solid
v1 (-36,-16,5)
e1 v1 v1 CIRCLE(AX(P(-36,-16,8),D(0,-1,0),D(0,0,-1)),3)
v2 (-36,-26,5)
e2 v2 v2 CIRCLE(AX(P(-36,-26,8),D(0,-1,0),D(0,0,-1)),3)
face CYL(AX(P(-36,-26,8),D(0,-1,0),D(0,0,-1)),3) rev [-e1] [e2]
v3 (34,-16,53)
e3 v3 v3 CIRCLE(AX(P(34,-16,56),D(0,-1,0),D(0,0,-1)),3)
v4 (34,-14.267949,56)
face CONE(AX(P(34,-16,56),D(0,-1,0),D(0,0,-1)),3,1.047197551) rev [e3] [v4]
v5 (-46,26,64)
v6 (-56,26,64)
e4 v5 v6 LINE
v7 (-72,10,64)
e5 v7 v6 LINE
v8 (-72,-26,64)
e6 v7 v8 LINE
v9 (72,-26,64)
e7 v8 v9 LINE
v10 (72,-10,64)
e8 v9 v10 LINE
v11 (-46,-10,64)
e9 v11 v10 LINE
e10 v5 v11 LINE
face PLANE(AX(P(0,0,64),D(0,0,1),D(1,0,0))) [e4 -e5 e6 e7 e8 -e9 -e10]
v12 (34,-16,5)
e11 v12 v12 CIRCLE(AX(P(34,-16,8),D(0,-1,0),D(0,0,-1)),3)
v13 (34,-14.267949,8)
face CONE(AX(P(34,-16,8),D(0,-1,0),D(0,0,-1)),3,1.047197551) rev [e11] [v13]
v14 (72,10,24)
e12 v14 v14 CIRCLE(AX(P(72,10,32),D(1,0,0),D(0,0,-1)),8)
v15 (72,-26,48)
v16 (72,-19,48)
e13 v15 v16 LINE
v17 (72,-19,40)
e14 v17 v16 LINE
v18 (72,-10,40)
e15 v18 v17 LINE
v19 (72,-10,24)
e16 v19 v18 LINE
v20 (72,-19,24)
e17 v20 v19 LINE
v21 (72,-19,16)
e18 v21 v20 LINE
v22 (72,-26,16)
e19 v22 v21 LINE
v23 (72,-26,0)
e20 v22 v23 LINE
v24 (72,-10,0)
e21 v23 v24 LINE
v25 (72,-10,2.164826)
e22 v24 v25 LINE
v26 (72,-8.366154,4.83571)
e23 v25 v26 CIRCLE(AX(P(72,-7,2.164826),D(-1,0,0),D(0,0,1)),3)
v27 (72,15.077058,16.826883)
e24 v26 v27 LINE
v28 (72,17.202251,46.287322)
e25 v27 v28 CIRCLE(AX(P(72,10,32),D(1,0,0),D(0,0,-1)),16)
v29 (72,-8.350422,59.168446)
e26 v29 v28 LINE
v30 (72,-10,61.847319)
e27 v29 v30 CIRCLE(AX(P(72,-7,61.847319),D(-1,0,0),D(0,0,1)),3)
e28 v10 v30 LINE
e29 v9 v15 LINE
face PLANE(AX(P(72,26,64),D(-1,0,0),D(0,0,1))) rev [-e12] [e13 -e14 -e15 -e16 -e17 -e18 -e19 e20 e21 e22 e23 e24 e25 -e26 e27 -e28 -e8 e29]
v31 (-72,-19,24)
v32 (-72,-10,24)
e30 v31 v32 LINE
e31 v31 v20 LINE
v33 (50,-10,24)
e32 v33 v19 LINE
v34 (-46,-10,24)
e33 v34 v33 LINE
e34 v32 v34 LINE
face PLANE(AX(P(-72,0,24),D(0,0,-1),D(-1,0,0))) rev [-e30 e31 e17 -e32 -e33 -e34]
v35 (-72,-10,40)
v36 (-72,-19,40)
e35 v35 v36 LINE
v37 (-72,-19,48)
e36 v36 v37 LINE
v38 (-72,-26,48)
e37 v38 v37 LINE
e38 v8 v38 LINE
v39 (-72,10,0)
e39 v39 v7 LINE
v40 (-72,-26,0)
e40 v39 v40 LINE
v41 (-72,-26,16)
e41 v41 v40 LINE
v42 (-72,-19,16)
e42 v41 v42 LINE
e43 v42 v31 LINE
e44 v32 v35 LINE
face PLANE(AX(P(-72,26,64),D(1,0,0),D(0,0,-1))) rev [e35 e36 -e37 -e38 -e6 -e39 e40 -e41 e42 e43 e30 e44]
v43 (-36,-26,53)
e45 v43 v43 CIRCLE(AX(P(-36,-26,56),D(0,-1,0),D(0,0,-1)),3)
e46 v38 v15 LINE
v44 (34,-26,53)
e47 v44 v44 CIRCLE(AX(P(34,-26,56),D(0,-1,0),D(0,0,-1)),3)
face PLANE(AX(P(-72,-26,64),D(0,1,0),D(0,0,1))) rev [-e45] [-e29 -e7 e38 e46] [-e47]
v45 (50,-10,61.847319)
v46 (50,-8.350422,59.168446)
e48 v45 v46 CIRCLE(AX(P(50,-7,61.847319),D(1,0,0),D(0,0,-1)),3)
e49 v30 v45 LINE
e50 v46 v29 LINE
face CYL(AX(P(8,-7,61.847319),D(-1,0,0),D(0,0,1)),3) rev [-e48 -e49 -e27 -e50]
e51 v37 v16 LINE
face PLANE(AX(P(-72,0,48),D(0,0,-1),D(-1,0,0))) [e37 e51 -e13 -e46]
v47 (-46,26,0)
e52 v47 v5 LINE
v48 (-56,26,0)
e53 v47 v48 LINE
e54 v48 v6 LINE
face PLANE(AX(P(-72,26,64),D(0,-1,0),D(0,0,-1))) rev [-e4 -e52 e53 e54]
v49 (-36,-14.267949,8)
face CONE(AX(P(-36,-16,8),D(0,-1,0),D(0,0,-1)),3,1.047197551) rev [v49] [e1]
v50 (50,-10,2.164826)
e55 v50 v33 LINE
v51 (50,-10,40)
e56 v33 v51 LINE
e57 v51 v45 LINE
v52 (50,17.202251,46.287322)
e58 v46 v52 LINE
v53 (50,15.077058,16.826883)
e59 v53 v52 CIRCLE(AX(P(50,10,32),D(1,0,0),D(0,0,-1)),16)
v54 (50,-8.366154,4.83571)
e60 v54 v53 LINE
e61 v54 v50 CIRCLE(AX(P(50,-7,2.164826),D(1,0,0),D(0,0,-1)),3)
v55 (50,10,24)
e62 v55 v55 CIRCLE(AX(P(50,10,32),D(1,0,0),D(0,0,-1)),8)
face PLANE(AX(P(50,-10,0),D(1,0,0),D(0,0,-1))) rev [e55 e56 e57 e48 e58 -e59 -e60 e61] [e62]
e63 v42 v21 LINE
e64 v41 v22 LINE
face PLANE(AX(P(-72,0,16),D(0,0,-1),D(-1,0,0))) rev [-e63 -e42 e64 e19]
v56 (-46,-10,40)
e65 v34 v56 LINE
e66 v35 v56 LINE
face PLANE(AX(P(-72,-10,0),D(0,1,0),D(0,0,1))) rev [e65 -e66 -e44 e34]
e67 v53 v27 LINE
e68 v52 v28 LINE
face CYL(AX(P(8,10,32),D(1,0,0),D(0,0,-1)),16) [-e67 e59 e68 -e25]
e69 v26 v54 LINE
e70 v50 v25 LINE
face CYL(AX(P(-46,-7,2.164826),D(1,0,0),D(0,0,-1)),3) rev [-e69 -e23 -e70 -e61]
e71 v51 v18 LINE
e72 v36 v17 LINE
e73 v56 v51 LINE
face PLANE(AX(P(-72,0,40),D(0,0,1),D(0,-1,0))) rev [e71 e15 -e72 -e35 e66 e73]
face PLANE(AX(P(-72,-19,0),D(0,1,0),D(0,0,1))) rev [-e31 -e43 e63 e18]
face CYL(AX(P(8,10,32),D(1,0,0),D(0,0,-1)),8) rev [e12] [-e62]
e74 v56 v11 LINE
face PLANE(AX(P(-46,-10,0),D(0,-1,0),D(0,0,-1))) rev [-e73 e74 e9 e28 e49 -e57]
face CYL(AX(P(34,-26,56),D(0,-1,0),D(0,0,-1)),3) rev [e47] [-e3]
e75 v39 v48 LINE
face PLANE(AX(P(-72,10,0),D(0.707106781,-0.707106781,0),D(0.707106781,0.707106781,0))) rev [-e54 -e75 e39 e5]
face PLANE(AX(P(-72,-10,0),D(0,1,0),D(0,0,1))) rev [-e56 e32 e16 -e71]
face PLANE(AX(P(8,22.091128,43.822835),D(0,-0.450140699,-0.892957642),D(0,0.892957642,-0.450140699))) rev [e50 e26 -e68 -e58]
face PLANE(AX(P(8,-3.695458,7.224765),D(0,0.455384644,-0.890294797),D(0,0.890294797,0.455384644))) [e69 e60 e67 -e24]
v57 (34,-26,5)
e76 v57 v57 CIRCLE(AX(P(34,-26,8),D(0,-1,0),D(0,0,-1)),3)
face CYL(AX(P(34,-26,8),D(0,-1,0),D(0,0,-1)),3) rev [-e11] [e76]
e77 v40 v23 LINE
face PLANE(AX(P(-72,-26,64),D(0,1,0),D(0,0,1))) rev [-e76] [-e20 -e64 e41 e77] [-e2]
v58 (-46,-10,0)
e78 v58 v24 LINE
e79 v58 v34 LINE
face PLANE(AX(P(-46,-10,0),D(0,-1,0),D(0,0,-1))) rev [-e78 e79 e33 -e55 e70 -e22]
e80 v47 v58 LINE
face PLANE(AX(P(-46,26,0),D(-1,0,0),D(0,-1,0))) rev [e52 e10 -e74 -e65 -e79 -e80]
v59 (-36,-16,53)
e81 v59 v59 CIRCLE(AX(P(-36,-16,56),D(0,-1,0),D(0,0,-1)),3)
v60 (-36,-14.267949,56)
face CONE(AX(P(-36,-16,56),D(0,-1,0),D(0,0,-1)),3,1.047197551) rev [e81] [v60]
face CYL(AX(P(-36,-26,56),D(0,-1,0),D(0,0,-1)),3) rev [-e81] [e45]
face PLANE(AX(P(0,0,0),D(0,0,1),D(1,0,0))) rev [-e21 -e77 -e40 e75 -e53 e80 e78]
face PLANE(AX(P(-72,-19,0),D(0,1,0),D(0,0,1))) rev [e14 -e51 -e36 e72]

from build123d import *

# Parameters (mm, degrees)
SKETCH2_W                 = 144
SKETCH2_H                 = 52
BOSS_EXTRUDE2_DEPTH       = 64
SKETCH3_W                 = 96
SKETCH3_H                 = 36
CUT_EXTRUDE1_DEPTH        = 64
SKETCH6_R                 = 8
CUT_EXTRUDE5_DEPTH        = 64
CUT_EXTRUDE7_DEPTH        = 160.712241234
CUT_EXTRUDE8_DEPTH        = 100.779757466
FILLET1_R                 = 3
F_1_0MM_DOWEL_HOLE1_D     = 6
F_1_0MM_DOWEL_HOLE1_DEPTH = 10
F_1_0MM_DOWEL_HOLE1_TIP   = 1.732050808
F_1_0MM_DOWEL_HOLE2_D     = 6
F_1_0MM_DOWEL_HOLE2_DEPTH = 10
F_1_0MM_DOWEL_HOLE2_TIP   = 1.732050808


with BuildPart() as part:
    # Sketch2 → Boss-Extrude2 (new body)
    with BuildSketch(Plane.XY):
        Rectangle(SKETCH2_W, SKETCH2_H)
    extrude(amount=BOSS_EXTRUDE2_DEPTH)

    # Sketch3 → Cut-Extrude1 (cut)
    with BuildSketch(Plane.XY.offset(64)):
        with Locations((2, 8)):
            Rectangle(SKETCH3_W, SKETCH3_H)
    extrude(amount=-CUT_EXTRUDE1_DEPTH, mode=Mode.SUBTRACT)

    # Sketch6 → Cut-Extrude5 (cut)
    with BuildSketch(Plane(origin=(72, 0, 0), x_dir=(0, 0, -1), z_dir=(1, 0, 0))):
        Polygon((-64, 26), (-64, -10), (-60, -10), (-46.287322277, 17.202251187), (-41.852369694, 26), align=None)
        with BuildLine():
            Line((0, 26), (-22.4139537, 26))
            Line((-22.4139537, 26), (-19.003189987, 19.331823481))
            ThreePointArc((-19.003189987, 19.331823481), (-17.755283243, 17.286154301), (-16.826882915, 15.077058))
            Line((-16.826882915, 15.077058), (-4, -10))
            Line((-4, -10), (0, -10))
            Line((0, -10), (0, 26))
        make_face()
        with BuildLine():
            Line((-22.4139537, 26), (-32, 26))
            ThreePointArc((-32, 26), (-24.696205633, 24.235680098), (-19.003189987, 19.331823481))
            Line((-19.003189987, 19.331823481), (-22.4139537, 26))
        make_face()
        with BuildLine():
            Line((-41.852369694, 26), (-46.287322277, 17.202251187))
            ThreePointArc((-46.287322277, 17.202251187), (-40.389397505, 23.624170048), (-32, 26))
            Line((-32, 26), (-41.852369694, 26))
        make_face()
        with Locations((-32, 10)):
            Circle(SKETCH6_R)
    extrude(amount=-CUT_EXTRUDE5_DEPTH, mode=Mode.SUBTRACT)

    # Sketch7 → Cut-Extrude7 (cut, through all)
    with BuildSketch(Plane(origin=(72, 0, 0), x_dir=(0, 0, -1), z_dir=(1, 0, 0))):
        Polygon((-40, -10), (-40, -19), (-32, -19), (-24, -19), (-24, -10), align=None)
        Polygon((-48, -19), (-48, -26), (-16, -26), (-16, -19), (-24, -19), (-32, -19), (-40, -19), align=None)
    extrude(amount=-CUT_EXTRUDE7_DEPTH, mode=Mode.SUBTRACT)

    # Sketch8 → Cut-Extrude8 (cut, through all)
    with BuildSketch(Plane.XY.offset(64)):
        Polygon((-72, 26), (-56, 26), (-72, 10), align=None)
    extrude(amount=-CUT_EXTRUDE8_DEPTH, mode=Mode.SUBTRACT)

    # Fillet1
    fillet1_edges = [part.edges().sort_by_distance(p)[0] for p in [
        (61, -10, 4),
        (61, -10, 60),
    ]]
    fillet(fillet1_edges, radius=FILLET1_R)

    # Ø1.0mm Dowel Hole1
    with Locations(Plane(origin=(-36, -26, 56), x_dir=(0, 0, -1), z_dir=(0, -1, 0))):
        with Locations((0, 0), (0, 70)):
            Hole(F_1_0MM_DOWEL_HOLE1_D / 2, depth=F_1_0MM_DOWEL_HOLE1_DEPTH)
            with Locations((0, 0, -(F_1_0MM_DOWEL_HOLE1_DEPTH + F_1_0MM_DOWEL_HOLE1_TIP / 2))):  # 120° drill point
                Cone(0, F_1_0MM_DOWEL_HOLE1_D / 2, F_1_0MM_DOWEL_HOLE1_TIP, mode=Mode.SUBTRACT)

    # Ø1.0mm Dowel Hole2
    with Locations(Plane(origin=(-36, -26, 8), x_dir=(0, 0, -1), z_dir=(0, -1, 0))):
        with Locations((0, 0), (0, 70)):
            Hole(F_1_0MM_DOWEL_HOLE2_D / 2, depth=F_1_0MM_DOWEL_HOLE2_DEPTH)
            with Locations((0, 0, -(F_1_0MM_DOWEL_HOLE2_DEPTH + F_1_0MM_DOWEL_HOLE2_TIP / 2))):  # 120° drill point
                Cone(0, F_1_0MM_DOWEL_HOLE2_D / 2, F_1_0MM_DOWEL_HOLE2_TIP, mode=Mode.SUBTRACT)


solid = part.part
